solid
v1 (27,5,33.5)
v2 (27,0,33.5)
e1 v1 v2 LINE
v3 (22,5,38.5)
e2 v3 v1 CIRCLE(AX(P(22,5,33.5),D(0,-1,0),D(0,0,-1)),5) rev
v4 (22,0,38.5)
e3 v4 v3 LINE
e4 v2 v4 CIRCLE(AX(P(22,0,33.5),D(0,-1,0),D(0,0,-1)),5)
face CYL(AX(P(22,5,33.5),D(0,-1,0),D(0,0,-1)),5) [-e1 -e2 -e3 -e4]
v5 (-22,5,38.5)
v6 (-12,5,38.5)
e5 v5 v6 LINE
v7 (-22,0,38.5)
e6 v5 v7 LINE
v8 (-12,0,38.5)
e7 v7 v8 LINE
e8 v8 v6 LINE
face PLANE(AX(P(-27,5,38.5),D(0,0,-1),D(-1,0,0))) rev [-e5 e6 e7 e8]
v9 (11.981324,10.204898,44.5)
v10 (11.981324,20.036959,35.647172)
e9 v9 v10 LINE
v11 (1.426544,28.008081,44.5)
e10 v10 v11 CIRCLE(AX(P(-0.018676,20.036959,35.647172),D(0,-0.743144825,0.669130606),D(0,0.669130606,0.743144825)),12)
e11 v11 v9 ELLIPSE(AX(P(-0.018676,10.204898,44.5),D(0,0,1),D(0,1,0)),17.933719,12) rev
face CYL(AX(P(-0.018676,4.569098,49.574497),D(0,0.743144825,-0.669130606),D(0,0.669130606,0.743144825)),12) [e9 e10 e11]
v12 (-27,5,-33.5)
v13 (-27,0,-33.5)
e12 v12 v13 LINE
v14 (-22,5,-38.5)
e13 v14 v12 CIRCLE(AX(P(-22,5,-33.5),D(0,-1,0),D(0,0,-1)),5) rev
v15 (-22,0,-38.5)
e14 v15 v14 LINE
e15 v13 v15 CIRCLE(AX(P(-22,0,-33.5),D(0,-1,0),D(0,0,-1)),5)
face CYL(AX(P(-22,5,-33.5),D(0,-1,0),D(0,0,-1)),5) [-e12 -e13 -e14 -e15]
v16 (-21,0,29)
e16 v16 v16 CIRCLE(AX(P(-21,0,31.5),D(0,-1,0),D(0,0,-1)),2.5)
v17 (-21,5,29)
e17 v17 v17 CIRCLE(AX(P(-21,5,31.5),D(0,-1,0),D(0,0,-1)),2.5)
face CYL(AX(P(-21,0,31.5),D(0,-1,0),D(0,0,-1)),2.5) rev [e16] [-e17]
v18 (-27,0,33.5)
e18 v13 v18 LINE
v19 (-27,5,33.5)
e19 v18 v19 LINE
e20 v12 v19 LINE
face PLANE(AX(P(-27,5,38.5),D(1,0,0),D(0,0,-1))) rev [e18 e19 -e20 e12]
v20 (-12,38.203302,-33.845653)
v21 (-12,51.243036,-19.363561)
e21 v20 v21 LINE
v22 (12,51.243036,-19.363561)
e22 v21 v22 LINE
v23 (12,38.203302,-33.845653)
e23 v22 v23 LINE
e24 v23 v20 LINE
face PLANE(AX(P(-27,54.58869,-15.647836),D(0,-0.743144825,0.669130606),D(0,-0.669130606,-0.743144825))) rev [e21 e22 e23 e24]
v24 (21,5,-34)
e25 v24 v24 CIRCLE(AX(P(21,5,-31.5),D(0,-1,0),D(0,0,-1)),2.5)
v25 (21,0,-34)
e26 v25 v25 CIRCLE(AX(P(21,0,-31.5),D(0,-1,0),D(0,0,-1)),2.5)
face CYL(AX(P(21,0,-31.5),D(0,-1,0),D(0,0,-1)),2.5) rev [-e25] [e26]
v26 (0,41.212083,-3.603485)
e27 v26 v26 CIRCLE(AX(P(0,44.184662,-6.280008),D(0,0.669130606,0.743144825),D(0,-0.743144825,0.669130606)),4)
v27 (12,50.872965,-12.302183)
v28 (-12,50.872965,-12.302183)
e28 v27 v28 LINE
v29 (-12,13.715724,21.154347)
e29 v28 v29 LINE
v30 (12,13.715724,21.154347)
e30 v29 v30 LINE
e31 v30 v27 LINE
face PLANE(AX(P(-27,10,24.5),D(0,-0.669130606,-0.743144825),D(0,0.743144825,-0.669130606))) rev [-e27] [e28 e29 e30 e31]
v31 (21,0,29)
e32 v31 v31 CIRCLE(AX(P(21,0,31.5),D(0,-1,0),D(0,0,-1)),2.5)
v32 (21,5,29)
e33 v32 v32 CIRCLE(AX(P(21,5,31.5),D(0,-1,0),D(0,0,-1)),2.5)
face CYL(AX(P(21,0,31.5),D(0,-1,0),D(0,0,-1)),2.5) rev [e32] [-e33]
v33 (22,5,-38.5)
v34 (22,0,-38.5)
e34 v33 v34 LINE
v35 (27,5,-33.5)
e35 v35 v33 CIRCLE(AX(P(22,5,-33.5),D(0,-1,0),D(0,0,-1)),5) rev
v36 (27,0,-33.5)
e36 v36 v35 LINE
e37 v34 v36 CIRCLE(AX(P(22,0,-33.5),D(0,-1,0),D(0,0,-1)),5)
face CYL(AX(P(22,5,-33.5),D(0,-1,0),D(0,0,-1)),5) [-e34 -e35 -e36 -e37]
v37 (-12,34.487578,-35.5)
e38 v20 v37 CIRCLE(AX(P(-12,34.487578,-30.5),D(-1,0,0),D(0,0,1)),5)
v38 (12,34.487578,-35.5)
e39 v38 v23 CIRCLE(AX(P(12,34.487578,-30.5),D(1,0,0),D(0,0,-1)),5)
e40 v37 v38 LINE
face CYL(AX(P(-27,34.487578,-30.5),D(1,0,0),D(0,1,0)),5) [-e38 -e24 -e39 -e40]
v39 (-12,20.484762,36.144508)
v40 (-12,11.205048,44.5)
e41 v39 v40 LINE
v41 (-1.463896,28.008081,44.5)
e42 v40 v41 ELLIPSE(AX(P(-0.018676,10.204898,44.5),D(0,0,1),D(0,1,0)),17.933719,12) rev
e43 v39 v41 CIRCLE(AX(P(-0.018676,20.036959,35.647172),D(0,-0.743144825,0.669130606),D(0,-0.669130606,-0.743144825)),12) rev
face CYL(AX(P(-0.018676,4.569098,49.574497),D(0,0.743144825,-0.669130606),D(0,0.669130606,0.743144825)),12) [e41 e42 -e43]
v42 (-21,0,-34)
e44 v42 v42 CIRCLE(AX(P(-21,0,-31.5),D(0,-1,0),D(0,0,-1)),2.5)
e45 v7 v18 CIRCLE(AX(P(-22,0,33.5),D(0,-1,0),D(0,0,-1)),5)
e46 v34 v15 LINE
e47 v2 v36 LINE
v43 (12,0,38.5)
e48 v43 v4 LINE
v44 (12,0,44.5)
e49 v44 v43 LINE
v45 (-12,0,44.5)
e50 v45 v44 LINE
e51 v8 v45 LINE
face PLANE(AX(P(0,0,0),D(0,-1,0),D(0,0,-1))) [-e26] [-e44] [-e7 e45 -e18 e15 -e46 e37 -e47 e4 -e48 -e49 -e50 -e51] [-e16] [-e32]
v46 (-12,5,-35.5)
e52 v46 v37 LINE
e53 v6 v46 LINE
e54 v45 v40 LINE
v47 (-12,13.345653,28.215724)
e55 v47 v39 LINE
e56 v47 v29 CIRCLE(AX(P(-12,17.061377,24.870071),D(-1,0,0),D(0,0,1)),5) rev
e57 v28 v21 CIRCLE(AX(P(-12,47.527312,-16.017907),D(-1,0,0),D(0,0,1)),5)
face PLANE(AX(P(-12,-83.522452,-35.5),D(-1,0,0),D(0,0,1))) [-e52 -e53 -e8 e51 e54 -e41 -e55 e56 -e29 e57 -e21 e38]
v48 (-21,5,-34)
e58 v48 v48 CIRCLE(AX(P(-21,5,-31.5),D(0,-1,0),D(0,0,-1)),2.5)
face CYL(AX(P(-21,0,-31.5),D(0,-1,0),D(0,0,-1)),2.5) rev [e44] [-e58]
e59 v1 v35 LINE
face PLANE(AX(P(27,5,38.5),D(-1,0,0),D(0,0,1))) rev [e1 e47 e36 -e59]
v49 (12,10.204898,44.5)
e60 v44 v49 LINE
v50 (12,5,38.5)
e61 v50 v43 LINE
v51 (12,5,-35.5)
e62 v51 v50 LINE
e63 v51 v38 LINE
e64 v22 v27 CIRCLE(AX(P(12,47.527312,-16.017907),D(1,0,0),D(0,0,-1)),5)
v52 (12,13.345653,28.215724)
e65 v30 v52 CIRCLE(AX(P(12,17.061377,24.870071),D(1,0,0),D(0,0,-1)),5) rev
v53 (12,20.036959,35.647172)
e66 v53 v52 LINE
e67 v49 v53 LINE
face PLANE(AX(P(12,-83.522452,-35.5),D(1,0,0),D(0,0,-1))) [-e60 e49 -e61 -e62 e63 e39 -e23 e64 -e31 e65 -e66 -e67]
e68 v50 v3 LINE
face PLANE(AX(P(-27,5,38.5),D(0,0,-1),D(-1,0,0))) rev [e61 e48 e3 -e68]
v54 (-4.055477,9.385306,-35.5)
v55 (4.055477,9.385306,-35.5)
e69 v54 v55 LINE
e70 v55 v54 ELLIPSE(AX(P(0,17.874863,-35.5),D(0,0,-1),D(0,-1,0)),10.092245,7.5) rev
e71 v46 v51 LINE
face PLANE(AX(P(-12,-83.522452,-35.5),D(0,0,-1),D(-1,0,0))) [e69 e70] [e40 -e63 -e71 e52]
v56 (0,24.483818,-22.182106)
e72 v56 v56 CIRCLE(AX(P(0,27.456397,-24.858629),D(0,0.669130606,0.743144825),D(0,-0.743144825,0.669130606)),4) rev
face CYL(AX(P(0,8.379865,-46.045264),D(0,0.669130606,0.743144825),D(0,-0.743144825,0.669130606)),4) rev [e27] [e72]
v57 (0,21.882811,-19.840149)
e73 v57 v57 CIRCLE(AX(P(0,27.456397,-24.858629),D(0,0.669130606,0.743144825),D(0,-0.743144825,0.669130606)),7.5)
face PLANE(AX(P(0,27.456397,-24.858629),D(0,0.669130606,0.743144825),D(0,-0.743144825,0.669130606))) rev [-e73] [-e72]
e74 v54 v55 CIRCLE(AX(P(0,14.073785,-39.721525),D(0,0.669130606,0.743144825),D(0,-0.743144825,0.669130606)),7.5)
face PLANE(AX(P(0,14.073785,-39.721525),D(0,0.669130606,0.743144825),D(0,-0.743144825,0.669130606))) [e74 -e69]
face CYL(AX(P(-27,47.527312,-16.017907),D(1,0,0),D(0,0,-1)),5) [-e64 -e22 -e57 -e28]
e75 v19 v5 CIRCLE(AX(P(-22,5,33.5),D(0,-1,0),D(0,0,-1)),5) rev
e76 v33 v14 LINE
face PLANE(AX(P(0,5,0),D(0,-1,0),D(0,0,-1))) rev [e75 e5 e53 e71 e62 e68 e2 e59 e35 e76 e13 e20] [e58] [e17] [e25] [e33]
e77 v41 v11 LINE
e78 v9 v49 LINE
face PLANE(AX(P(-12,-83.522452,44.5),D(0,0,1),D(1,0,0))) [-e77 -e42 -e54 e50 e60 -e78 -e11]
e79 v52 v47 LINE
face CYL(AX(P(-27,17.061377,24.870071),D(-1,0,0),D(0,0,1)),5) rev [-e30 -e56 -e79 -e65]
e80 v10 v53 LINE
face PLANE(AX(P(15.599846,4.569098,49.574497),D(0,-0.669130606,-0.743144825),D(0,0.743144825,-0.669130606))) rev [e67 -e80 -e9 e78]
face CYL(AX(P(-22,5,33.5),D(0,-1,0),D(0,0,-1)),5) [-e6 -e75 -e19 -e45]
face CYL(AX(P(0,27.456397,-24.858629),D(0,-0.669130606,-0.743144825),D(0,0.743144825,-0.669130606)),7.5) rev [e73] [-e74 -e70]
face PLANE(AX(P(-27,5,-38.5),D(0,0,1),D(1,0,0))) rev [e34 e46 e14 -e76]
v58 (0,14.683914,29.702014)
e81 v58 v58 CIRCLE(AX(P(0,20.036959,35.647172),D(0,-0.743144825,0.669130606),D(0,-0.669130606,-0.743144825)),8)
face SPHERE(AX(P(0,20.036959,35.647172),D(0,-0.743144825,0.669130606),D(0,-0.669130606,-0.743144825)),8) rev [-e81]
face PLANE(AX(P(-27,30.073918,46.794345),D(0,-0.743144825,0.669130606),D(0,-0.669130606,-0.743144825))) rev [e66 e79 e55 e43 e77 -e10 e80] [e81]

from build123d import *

# Parameters (mm, degrees)
SKETCH1_W                       = 54
SKETCH1_H                       = 77
BOSS_EXTRUDE1_DEPTH             = 5
SKETCH3_W                       = 24
SKETCH3_H                       = 80
BOSS_EXTRUDE2_DEPTH             = 60
BOSS_EXTRUDE2_DIRECTION_2_REACH = 49.289
CUT_EXTRUDE5_DEPTH              = 88.89908987
SKETCH9_R                       = 4
CUT_EXTRUDE7_DEPTH              = 74.599714303
FILLET4_R                       = 5
SKETCH10_R                      = 7.5
CUT_EXTRUDE8_DEPTH              = 20
F_5_0_5_DIAMETER_HOLE1_D        = 5
FILLET7_R                       = 5
CUT_EXTRUDE9_DEPTH              = 79.817150767


with BuildPart() as part:
    # Sketch1 → Boss-Extrude1 (new body)
    with BuildSketch(Plane(origin=(0, 0, 0), x_dir=(1, 0, 0), z_dir=(0, 1, 0))):
        Rectangle(SKETCH1_W, SKETCH1_H)
    extrude(amount=BOSS_EXTRUDE1_DEPTH)

    # Sketch3 → Boss-Extrude2 (add)
    with BuildSketch(Plane(origin=(0, 5, 0), x_dir=(1, 0, 0), z_dir=(0, 1, 0))):
        with Locations((0, -4.5)):
            Rectangle(SKETCH3_W, SKETCH3_H)
    extrude(amount=BOSS_EXTRUDE2_DEPTH)

    # Boss-Extrude2 direction 2: up to this face of the body (flat: up to its plane)
    boss_extrude2_direction_2_end = Plane(part.part.faces().sort_by_distance((0, 0, 0))[0])
    # Sketch3 → Boss-Extrude2 direction 2 (add, up to the picked face)
    with BuildSketch(Plane(origin=(0, 5, 0), x_dir=(1, 0, 0), z_dir=(0, 1, 0)), mode=Mode.PRIVATE) as boss_extrude2_direction_2_sk1:
        with Locations((0, -4.5)):
            Rectangle(SKETCH3_W, SKETCH3_H)
    boss_extrude2_direction_2_tool1 = split(extrude(boss_extrude2_direction_2_sk1.sketch, amount=-BOSS_EXTRUDE2_DIRECTION_2_REACH, mode=Mode.PRIVATE), bisect_by=boss_extrude2_direction_2_end, keep=Keep.BOTH, mode=Mode.PRIVATE)
    add(boss_extrude2_direction_2_tool1.solids().sort_by(Axis((0, 5, 4.5), (0, -1, 0)))[0])

    # Sketch7 → Cut-Extrude5 (cut, through all)
    with BuildSketch(Plane(origin=(12, 0, 0), x_dir=(0, 0, -1), z_dir=(1, 0, 0))):
        Polygon((-46.794344764, 30.073918191), (-24.5, 10), (15.647836382, 54.588689529), (50.5, 23.207660454), (50.5, 70), (-49.5, 70), (-49.5, 27.068983625), align=None)
    extrude(amount=-CUT_EXTRUDE5_DEPTH, mode=Mode.SUBTRACT)

    # Sketch9 → Cut-Extrude7 (cut, through all)
    with BuildSketch(Plane(origin=(0, 16.660250902, 18.503083152), x_dir=(1, 0, 0), z_dir=(0, 0.6691306063588566, 0.7431448254773958))):
        with Locations(Location((0, 37.037748399, 0), (0, 0, 270))):
            Circle(SKETCH9_R)
    extrude(amount=-CUT_EXTRUDE7_DEPTH, mode=Mode.SUBTRACT)

    # Fillet4
    fillet4_edges = [part.edges().sort_by_distance(p)[0] for p in [
        (0, 36.713721119, -35.5),
        (0, 54.588689529, -15.647836382),
        (0, 10, 24.5),
    ]]
    fillet(fillet4_edges, radius=FILLET4_R)

    # Sketch10 → Cut-Extrude8 (cut)
    with BuildSketch(Plane(origin=(0, -13.450626384, -14.938433995), x_dir=(1, 0, 0), z_dir=(0, 0.6691306063588566, 0.7431448254773958))):
        with Locations(Location((0, 37.037748399, 0), (0, 0, 237.266633069))):
            Circle(SKETCH10_R)
    extrude(amount=CUT_EXTRUDE8_DEPTH, mode=Mode.SUBTRACT)

    # Ø5.0 (5) Diameter Hole1 (through all)
    with Locations(Plane(origin=(21, 0, -31.5), x_dir=(0, 0, -1), z_dir=(0, -1, 0))):
        with Locations((0, 0), (0, -42), (-63, -42), (-63, 0)):
            Hole(F_5_0_5_DIAMETER_HOLE1_D / 2)

    # Fillet7
    fillet7_edges = [part.edges().sort_by_distance(p)[0] for p in [
        (27, 2.5, 38.5),
        (-27, 2.5, 38.5),
        (-27, 2.5, -38.5),
        (27, 2.5, -38.5),
    ]]
    fillet(fillet7_edges, radius=FILLET7_R)

    # Sketch8 → Cut-Revolve4 (revolve, cut)
    with BuildSketch(Plane(origin=(0, -6.660250902, 5.996916848), x_dir=(1, 0, 0), z_dir=(0, 0.7431448254773959, -0.6691306063588564))):
        with BuildLine():
            Line((0, -47.898354288), (0, -31.898354288))
            ThreePointArc((0, -31.898354288), (8, -39.898354288), (0, -47.898354288))
        make_face()
    revolve(axis=Axis((0, 28.008080886, 44.5), (0, -0.6691306063588564, -0.7431448254773959)), mode=Mode.SUBTRACT)

    # Sketch13 → Cut-Extrude9 (cut, through all)
    with BuildSketch(Plane(origin=(0, -6.660250902, 5.996916848), x_dir=(1, 0, 0), z_dir=(0, 0.7431448254773957, -0.6691306063588566))):
        with BuildLine():
            Line((-12.01867578, -39.898354288), (-15.599845955, -39.898354288))
            Line((-15.599845955, -39.898354288), (-15.599845955, -55.363727993))
            Line((-15.599845955, -55.363727993), (15.599845955, -55.363727993))
            Line((15.599845955, -55.363727993), (15.599845955, -39.898354288))
            Line((15.599845955, -39.898354288), (11.98132422, -39.898354288))
            ThreePointArc((11.98132422, -39.898354288), (-0.01867578, -51.898354288), (-12.01867578, -39.898354288))
        make_face()
    extrude(amount=-CUT_EXTRUDE9_DEPTH, mode=Mode.SUBTRACT)


solid = part.part
